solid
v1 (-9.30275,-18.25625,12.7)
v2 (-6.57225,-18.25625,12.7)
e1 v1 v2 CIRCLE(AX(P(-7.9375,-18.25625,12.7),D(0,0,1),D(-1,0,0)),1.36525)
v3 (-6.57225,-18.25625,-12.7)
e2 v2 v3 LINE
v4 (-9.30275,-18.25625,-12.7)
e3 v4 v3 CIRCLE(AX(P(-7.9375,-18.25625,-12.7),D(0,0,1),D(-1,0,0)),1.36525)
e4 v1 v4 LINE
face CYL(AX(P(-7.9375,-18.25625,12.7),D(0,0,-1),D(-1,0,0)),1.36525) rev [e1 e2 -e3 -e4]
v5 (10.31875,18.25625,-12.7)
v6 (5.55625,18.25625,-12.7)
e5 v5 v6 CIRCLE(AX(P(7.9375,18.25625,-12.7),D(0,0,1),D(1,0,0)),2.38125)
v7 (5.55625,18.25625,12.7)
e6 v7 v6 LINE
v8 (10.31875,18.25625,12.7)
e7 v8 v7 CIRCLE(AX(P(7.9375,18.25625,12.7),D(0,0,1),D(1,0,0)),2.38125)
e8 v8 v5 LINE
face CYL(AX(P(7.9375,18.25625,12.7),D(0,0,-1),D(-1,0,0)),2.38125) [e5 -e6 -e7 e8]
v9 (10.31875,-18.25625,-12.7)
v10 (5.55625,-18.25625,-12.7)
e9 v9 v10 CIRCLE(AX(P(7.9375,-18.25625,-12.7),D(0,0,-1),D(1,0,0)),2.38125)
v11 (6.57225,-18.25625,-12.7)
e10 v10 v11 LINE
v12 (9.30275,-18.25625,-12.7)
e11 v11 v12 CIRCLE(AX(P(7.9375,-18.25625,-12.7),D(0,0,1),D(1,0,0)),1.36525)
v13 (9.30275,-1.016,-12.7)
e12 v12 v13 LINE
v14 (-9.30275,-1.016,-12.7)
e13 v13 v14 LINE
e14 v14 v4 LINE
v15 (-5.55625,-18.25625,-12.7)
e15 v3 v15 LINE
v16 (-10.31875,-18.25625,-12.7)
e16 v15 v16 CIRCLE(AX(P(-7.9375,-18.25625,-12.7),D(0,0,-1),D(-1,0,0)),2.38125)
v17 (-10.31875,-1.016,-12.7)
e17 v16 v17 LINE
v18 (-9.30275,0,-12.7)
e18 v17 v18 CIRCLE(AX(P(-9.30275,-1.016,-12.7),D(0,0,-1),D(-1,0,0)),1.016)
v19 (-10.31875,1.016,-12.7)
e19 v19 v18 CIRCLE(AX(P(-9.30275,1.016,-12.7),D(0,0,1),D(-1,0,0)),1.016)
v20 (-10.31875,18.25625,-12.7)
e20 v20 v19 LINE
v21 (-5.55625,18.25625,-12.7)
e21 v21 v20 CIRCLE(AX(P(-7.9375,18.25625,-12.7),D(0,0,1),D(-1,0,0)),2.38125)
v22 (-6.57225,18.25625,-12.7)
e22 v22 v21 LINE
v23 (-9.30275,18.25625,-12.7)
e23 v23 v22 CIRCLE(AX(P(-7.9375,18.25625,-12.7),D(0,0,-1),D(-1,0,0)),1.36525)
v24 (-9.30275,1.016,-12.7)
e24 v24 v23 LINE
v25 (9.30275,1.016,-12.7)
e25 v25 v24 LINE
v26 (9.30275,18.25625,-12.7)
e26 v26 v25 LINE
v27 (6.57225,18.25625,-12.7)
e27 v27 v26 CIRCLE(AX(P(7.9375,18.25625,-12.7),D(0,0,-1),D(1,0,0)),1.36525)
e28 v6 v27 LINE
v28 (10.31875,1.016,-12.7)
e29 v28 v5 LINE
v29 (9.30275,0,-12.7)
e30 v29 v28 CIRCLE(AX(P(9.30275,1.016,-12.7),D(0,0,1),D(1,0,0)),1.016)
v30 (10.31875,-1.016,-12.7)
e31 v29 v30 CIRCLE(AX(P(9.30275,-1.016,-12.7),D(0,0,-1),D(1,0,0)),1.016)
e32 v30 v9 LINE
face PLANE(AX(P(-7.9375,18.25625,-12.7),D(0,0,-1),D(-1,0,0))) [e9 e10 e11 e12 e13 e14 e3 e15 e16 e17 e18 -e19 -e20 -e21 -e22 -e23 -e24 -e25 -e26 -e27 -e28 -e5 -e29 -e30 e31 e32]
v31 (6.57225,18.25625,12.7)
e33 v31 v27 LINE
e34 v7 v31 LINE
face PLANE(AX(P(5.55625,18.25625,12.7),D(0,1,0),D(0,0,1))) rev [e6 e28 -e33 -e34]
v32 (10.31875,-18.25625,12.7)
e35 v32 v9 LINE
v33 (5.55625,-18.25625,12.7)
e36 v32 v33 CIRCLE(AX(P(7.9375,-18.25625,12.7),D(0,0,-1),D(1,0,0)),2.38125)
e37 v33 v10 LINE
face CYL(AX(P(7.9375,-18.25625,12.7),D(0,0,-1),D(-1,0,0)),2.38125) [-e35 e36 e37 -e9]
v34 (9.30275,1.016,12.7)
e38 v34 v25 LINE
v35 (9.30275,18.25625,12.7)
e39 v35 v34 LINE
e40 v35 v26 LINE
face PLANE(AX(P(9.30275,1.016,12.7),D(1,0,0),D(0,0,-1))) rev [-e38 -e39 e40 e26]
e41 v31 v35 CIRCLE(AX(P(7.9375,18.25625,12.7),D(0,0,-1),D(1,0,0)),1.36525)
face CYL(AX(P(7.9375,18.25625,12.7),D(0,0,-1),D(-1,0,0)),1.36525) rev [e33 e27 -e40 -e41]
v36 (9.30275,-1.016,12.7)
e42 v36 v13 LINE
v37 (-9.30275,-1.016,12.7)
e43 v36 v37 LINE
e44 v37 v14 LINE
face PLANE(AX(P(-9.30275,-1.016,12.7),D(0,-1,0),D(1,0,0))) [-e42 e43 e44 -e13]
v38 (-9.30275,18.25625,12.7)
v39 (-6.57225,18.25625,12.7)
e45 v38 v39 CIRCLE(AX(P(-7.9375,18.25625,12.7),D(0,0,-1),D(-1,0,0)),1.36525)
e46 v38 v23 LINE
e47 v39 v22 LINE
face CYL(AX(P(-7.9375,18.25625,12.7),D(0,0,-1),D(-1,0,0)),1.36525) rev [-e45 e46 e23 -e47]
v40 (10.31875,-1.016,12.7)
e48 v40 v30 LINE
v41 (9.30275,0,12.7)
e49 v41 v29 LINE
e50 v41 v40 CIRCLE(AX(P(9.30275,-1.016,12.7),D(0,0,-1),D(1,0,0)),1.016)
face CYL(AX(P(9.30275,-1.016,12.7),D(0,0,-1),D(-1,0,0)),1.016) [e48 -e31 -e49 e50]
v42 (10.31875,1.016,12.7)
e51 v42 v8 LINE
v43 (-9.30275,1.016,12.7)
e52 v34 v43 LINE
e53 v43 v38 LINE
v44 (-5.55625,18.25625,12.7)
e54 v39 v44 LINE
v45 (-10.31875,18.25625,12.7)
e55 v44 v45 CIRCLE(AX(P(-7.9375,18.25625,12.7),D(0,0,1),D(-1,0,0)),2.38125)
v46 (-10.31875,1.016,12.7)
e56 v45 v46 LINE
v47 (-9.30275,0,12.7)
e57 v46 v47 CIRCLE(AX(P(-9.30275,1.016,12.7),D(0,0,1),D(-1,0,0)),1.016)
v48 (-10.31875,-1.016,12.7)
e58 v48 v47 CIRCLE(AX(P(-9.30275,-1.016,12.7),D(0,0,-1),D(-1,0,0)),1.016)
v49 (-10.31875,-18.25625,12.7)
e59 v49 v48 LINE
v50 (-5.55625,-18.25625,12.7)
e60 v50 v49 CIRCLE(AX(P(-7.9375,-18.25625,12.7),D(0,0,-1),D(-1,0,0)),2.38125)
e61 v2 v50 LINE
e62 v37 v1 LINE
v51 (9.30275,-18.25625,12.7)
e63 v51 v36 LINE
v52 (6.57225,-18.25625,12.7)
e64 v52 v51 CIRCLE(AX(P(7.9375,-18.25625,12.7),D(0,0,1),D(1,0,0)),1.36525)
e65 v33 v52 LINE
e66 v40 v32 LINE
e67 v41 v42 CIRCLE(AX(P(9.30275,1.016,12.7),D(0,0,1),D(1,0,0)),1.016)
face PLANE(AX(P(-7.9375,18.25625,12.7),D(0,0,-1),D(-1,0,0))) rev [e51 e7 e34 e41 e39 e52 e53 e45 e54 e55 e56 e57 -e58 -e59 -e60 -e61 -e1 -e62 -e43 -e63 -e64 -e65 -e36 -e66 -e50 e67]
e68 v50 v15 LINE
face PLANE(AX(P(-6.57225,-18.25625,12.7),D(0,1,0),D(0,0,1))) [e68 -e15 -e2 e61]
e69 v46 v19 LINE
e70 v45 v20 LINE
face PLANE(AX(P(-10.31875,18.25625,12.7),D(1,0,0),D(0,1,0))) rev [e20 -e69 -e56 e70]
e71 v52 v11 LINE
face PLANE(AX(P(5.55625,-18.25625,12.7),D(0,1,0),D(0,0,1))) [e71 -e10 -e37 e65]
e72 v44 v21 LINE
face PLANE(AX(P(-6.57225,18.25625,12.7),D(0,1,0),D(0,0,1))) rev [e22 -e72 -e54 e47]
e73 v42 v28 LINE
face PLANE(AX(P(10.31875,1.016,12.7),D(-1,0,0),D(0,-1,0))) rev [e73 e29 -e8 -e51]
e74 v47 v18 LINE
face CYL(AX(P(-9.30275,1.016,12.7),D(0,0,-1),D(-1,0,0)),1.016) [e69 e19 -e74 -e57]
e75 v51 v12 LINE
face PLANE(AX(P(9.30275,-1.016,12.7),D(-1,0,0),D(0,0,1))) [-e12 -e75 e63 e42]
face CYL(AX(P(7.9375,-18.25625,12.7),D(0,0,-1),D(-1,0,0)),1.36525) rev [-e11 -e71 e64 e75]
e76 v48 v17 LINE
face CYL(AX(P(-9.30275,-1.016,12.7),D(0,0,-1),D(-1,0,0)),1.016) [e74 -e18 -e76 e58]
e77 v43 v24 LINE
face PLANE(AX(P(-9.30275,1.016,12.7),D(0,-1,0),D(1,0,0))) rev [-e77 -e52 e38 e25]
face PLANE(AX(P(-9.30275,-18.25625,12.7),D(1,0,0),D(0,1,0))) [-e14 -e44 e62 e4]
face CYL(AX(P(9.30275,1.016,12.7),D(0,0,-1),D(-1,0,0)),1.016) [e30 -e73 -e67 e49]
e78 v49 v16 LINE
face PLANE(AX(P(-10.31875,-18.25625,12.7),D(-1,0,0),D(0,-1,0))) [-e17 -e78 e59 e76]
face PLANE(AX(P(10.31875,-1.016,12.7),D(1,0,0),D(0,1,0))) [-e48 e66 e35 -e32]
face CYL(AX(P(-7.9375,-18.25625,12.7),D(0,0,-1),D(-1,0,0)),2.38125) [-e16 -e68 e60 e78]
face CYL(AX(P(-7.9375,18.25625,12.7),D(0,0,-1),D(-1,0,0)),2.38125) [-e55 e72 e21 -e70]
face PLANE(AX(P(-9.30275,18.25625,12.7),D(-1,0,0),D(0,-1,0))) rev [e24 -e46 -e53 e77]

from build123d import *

# Parameters (mm, degrees)
BASE_EXTRUDE_DEPTH = 12.7


with BuildPart() as part:
    # Sketch1 → Base-Extrude (new, symmetric)
    with BuildSketch(Plane.XY):
        with BuildLine():
            Line((-10.31875, 18.25625), (-10.31875, 1.016))
            ThreePointArc((-10.31875, 1.016), (-10.02117049, 0.29757951), (-9.30275, 0))
            Line((-9.30275, 0), (9.30275, 0))
            ThreePointArc((9.30275, 0), (10.02117049, 0.29757951), (10.31875, 1.016))
            Line((10.31875, 1.016), (10.31875, 18.25625))
            ThreePointArc((10.31875, 18.25625), (7.9375, 20.6375), (5.55625, 18.25625))
            Line((5.55625, 18.25625), (6.57225, 18.25625))
            ThreePointArc((6.57225, 18.25625), (7.9375, 19.6215), (9.30275, 18.25625))
            Line((9.30275, 18.25625), (9.30275, 1.016))
            Line((9.30275, 1.016), (-9.30275, 1.016))
            Line((-9.30275, 1.016), (-9.30275, 18.25625))
            ThreePointArc((-9.30275, 18.25625), (-7.9375, 19.6215), (-6.57225, 18.25625))
            Line((-6.57225, 18.25625), (-5.55625, 18.25625))
            ThreePointArc((-5.55625, 18.25625), (-7.9375, 20.6375), (-10.31875, 18.25625))
        make_face()
    base_extrude = extrude(amount=BASE_EXTRUDE_DEPTH, both=True)

    # Mirror1: Base-Extrude across plane
    add(base_extrude.mirror(Plane.ZX))


solid = part.part
